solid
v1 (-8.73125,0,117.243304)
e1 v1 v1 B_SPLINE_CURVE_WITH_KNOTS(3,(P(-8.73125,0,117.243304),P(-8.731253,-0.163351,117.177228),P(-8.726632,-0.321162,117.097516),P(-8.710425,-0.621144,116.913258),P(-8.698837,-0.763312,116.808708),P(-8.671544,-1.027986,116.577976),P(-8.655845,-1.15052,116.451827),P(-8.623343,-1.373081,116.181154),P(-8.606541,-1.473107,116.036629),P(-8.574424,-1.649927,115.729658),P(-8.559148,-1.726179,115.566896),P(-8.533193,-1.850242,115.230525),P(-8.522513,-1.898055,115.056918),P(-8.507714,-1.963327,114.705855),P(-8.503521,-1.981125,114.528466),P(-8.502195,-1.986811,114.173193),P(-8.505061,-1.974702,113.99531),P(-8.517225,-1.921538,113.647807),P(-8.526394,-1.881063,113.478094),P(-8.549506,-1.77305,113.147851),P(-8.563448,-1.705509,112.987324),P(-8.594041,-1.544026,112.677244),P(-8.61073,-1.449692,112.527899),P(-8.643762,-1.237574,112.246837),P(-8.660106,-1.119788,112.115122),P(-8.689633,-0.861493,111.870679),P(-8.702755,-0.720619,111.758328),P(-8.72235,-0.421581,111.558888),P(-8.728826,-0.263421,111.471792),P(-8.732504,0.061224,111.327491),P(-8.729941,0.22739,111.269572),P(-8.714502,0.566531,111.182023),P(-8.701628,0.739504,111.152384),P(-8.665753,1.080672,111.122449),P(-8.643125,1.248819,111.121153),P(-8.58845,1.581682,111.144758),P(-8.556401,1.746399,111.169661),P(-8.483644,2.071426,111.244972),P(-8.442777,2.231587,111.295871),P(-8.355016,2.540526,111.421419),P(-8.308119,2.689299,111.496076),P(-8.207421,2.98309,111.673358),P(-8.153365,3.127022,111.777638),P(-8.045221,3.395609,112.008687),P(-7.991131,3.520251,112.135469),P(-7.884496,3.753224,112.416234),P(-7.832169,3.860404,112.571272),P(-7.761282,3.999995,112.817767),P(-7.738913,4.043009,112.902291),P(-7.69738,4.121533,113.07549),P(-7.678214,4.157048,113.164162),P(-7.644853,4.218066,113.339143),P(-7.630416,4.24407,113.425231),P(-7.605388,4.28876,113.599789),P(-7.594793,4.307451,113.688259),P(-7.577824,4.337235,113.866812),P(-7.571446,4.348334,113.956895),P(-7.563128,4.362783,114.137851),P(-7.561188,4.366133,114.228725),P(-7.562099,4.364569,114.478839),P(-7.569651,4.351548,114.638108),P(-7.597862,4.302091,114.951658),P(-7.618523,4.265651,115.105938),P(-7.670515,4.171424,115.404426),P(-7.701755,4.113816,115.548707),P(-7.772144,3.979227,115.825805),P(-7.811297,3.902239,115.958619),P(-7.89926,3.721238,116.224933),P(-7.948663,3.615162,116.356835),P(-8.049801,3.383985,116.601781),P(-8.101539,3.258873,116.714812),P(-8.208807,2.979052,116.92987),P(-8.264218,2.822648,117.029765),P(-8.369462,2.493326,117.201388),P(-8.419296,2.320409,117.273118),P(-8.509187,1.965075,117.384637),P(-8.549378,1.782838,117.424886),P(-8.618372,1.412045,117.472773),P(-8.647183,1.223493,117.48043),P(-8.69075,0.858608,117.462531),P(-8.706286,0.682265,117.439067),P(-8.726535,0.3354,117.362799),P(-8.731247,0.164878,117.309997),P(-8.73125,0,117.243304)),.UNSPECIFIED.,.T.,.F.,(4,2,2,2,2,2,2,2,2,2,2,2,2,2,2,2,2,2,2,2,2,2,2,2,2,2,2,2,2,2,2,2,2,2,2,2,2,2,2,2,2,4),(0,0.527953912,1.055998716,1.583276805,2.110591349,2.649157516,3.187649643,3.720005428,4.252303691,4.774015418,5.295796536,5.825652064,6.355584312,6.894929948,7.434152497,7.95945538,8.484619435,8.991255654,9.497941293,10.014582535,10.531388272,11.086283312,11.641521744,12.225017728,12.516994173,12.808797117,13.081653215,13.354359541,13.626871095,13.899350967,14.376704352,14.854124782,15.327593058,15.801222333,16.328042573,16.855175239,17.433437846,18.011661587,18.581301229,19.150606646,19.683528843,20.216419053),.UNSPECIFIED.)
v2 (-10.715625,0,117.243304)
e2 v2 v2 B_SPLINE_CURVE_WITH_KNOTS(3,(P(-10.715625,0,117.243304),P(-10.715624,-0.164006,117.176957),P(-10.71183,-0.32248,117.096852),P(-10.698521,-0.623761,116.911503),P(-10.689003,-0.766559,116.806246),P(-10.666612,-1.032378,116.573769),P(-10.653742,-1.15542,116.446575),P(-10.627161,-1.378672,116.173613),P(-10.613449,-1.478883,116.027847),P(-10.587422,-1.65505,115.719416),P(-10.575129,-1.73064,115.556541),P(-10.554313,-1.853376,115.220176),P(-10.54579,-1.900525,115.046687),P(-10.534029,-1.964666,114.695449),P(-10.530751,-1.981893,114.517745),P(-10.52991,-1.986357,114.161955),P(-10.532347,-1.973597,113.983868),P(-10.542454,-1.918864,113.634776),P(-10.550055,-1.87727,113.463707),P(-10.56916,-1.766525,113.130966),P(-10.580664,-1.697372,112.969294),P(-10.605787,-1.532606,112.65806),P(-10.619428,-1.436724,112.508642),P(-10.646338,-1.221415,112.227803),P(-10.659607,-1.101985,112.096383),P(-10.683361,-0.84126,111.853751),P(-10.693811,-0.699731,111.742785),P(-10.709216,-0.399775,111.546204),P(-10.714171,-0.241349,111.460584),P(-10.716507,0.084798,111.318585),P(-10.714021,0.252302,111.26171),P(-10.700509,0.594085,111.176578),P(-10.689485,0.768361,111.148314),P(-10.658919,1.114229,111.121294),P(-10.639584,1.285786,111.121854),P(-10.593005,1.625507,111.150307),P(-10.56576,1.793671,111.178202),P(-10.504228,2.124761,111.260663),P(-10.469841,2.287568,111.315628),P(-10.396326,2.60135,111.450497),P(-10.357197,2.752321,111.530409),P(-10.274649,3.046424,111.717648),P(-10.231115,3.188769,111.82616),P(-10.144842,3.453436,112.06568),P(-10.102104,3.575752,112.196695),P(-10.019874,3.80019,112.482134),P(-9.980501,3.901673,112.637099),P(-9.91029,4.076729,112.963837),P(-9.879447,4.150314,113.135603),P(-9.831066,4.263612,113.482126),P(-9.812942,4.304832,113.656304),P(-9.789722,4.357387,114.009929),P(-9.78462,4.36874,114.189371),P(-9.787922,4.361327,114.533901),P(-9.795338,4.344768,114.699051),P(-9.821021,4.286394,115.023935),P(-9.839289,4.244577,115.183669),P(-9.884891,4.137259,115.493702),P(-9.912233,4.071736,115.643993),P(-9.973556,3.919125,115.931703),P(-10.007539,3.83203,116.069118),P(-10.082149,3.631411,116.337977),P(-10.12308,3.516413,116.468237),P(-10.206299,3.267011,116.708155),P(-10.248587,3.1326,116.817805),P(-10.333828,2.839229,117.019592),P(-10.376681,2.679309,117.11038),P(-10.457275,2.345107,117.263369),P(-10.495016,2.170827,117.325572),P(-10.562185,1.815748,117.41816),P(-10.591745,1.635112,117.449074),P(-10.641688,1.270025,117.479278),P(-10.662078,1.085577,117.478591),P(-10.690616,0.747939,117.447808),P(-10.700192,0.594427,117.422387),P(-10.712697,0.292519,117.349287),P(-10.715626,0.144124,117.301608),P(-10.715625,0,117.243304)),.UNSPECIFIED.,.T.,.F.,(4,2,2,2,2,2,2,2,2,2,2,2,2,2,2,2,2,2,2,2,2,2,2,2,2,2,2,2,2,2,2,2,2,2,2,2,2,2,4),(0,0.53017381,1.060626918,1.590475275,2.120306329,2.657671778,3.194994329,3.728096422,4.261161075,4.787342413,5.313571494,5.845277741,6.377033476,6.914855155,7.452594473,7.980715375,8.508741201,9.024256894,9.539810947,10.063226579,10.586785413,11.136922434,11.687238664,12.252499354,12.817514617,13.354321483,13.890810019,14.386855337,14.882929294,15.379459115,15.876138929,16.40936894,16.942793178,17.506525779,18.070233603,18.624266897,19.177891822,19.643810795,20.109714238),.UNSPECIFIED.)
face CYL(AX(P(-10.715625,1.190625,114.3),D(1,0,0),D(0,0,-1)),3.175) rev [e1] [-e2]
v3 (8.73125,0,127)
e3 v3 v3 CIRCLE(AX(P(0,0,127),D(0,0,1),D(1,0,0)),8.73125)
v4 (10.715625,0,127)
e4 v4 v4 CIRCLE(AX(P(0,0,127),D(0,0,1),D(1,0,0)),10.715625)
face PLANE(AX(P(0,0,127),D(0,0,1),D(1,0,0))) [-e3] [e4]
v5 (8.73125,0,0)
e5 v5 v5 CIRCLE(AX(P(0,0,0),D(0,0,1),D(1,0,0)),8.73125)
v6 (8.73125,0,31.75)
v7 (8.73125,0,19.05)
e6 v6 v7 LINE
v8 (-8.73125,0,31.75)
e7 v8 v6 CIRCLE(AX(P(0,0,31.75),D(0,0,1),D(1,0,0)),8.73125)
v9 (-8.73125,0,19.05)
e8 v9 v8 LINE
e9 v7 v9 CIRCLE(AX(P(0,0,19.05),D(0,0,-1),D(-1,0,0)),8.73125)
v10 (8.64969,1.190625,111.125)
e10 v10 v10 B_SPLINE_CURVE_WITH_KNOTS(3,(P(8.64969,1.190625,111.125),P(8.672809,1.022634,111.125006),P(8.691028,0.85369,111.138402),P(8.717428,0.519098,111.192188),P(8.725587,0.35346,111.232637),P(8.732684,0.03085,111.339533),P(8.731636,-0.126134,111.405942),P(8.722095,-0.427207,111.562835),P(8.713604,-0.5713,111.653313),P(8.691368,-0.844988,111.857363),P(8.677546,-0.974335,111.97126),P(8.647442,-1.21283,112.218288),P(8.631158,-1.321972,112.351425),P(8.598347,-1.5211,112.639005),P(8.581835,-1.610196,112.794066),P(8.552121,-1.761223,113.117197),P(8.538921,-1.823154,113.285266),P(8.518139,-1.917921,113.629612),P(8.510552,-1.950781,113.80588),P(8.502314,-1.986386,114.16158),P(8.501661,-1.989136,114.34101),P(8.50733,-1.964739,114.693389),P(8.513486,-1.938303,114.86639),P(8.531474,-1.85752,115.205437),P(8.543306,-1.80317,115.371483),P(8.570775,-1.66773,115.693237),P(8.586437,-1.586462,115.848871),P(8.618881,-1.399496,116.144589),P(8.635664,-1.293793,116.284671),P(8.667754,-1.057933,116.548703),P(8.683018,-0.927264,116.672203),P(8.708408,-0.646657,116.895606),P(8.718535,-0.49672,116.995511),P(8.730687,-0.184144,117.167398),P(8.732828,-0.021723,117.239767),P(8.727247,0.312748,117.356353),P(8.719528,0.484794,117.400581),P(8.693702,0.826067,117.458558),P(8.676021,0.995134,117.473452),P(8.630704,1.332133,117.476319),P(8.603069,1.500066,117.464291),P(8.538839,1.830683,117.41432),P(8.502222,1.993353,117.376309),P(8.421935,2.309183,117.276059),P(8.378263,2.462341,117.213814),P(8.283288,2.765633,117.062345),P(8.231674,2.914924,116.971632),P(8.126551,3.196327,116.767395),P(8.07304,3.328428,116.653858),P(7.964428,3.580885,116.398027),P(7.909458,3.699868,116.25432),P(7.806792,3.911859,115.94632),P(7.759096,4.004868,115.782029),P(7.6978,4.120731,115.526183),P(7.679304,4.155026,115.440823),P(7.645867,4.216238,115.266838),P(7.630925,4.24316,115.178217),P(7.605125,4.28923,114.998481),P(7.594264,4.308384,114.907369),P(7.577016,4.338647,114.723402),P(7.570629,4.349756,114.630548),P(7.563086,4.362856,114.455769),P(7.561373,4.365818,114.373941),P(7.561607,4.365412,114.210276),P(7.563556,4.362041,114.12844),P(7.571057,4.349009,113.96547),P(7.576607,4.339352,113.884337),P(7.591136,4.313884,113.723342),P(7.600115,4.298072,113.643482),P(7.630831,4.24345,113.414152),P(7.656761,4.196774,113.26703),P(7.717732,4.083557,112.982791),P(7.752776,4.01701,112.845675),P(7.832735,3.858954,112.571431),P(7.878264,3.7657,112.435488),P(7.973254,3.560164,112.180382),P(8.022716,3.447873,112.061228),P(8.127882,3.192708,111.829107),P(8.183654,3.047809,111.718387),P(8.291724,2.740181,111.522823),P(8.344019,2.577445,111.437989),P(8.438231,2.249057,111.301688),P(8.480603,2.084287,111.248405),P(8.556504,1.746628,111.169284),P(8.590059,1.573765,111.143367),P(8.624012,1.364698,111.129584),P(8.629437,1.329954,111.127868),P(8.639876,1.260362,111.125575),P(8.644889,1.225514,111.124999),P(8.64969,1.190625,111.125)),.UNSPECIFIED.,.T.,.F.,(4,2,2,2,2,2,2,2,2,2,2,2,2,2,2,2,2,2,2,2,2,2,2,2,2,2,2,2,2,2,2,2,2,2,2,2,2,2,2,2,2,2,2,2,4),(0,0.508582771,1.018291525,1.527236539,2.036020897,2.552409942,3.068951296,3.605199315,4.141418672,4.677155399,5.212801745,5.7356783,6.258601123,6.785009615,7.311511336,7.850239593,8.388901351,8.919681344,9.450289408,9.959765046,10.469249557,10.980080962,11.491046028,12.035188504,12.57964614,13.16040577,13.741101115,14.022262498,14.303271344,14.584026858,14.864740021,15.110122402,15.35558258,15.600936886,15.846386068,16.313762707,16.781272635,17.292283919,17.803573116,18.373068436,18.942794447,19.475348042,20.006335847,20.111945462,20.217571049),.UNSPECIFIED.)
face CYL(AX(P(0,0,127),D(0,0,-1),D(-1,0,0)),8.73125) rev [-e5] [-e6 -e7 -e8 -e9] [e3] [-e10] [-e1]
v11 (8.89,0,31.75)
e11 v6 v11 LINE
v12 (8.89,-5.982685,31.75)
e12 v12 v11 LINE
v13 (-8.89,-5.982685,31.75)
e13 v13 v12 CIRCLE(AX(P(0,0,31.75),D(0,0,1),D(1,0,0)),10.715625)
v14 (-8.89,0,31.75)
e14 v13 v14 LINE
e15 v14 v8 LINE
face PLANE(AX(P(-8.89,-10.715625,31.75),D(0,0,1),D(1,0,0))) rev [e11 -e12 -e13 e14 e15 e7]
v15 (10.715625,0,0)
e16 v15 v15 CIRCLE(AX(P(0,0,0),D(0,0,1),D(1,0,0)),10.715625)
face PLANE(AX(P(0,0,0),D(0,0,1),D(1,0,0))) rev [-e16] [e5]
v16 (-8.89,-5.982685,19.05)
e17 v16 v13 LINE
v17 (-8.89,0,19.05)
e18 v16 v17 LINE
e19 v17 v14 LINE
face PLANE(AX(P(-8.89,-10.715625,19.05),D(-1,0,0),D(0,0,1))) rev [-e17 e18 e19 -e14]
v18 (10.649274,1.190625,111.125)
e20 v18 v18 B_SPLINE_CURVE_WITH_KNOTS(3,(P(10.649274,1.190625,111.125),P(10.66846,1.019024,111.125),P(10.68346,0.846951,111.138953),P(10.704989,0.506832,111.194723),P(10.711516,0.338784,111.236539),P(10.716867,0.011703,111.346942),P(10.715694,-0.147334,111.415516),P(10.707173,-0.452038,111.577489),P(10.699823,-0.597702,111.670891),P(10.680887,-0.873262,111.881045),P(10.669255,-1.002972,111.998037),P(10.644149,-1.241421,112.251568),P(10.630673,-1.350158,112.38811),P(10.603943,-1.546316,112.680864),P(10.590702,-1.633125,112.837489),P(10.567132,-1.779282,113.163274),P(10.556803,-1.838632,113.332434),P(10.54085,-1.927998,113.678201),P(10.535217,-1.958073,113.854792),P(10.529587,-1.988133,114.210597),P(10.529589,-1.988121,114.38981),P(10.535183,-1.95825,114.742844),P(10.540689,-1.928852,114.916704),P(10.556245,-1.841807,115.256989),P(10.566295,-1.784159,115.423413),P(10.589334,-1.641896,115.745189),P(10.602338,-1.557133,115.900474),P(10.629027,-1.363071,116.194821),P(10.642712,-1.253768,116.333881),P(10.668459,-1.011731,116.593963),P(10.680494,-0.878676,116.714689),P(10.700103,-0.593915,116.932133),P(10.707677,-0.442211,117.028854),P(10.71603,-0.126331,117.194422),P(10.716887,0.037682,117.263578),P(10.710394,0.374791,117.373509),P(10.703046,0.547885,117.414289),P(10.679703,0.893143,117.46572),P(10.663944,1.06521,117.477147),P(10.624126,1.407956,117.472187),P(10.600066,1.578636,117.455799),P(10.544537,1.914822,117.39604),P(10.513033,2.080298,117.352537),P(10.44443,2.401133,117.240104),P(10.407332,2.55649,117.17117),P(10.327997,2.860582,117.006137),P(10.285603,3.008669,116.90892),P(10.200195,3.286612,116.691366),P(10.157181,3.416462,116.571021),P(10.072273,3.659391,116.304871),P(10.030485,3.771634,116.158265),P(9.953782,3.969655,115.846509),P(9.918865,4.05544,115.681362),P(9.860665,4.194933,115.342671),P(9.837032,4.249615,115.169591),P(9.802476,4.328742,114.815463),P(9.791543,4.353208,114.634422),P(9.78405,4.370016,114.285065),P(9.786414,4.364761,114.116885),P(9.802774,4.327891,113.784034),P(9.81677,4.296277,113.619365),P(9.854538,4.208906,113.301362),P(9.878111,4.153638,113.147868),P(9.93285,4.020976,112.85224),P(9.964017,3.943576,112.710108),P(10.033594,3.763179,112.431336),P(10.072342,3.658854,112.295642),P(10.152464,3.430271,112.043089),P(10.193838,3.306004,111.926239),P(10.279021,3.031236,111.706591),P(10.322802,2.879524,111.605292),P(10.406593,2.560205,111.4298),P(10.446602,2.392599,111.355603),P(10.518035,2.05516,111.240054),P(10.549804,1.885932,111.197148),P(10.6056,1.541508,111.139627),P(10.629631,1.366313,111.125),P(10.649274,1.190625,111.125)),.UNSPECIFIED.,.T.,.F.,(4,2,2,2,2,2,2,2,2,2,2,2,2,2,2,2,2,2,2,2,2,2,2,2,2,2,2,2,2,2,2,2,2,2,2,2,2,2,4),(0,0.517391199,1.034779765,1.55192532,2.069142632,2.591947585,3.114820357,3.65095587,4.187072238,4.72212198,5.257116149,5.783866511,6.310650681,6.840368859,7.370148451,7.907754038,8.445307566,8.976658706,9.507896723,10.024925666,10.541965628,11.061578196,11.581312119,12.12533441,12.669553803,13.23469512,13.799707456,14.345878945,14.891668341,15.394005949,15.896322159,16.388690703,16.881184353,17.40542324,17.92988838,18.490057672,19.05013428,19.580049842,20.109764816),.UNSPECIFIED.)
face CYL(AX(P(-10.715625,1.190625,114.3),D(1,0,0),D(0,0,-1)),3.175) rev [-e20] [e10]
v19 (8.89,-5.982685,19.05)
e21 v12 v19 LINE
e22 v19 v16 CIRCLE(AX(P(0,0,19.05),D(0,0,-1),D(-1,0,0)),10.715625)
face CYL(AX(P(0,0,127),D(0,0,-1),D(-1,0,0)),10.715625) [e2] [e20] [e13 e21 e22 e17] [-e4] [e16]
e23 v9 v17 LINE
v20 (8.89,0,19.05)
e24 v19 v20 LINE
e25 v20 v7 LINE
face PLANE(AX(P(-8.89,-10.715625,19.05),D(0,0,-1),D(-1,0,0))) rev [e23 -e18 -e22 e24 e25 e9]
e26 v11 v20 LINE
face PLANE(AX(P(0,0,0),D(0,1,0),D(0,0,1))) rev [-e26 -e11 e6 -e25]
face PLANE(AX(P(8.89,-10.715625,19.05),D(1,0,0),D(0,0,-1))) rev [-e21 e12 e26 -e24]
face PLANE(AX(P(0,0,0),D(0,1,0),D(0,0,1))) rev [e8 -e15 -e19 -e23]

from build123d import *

# Parameters (mm, degrees)
SKETCH1_R               = 10.715625
SKETCH1_R_2             = 8.73125
BOSS_EXTRUDE1_DEPTH     = 127
SKETCH2_W               = 17.78
SKETCH2_H               = 12.7
CUT_EXTRUDE1_DEPTH      = 128.900935252
CUT_EXTRUDE2_DEPTH      = 128.900935252
CUT_EXTRUDE2_DEPTH_BACK = 128.900935252
SKETCH5_R               = 3.175


with BuildPart() as part:
    # Sketch1 → Boss-Extrude1 (new body)
    with BuildSketch(Plane.XY):
        Circle(SKETCH1_R)
        Circle(SKETCH1_R_2, mode=Mode.SUBTRACT)
    extrude(amount=BOSS_EXTRUDE1_DEPTH)

    # Sketch2 → Cut-Extrude1 (cut, through all)
    with BuildSketch(Plane(origin=(0, 0, 0), x_dir=(1, 0, 0), z_dir=(0, 1, 0))):
        with Locations((0, -25.4)):
            Rectangle(SKETCH2_W, SKETCH2_H)
    extrude(amount=-CUT_EXTRUDE1_DEPTH, mode=Mode.SUBTRACT)

    # Sketch5 → Cut-Extrude2 (cut, two sides: drawn at the far end of the back side and taken through both)
    with BuildSketch(Plane(origin=(0, 0, 0), x_dir=(0, 0, -1), z_dir=(1, 0, 0)).offset(-CUT_EXTRUDE2_DEPTH_BACK)):
        with Locations((-114.3, 1.190625)):
            Circle(SKETCH5_R)
    extrude(amount=CUT_EXTRUDE2_DEPTH + CUT_EXTRUDE2_DEPTH_BACK, mode=Mode.SUBTRACT)


solid = part.part
